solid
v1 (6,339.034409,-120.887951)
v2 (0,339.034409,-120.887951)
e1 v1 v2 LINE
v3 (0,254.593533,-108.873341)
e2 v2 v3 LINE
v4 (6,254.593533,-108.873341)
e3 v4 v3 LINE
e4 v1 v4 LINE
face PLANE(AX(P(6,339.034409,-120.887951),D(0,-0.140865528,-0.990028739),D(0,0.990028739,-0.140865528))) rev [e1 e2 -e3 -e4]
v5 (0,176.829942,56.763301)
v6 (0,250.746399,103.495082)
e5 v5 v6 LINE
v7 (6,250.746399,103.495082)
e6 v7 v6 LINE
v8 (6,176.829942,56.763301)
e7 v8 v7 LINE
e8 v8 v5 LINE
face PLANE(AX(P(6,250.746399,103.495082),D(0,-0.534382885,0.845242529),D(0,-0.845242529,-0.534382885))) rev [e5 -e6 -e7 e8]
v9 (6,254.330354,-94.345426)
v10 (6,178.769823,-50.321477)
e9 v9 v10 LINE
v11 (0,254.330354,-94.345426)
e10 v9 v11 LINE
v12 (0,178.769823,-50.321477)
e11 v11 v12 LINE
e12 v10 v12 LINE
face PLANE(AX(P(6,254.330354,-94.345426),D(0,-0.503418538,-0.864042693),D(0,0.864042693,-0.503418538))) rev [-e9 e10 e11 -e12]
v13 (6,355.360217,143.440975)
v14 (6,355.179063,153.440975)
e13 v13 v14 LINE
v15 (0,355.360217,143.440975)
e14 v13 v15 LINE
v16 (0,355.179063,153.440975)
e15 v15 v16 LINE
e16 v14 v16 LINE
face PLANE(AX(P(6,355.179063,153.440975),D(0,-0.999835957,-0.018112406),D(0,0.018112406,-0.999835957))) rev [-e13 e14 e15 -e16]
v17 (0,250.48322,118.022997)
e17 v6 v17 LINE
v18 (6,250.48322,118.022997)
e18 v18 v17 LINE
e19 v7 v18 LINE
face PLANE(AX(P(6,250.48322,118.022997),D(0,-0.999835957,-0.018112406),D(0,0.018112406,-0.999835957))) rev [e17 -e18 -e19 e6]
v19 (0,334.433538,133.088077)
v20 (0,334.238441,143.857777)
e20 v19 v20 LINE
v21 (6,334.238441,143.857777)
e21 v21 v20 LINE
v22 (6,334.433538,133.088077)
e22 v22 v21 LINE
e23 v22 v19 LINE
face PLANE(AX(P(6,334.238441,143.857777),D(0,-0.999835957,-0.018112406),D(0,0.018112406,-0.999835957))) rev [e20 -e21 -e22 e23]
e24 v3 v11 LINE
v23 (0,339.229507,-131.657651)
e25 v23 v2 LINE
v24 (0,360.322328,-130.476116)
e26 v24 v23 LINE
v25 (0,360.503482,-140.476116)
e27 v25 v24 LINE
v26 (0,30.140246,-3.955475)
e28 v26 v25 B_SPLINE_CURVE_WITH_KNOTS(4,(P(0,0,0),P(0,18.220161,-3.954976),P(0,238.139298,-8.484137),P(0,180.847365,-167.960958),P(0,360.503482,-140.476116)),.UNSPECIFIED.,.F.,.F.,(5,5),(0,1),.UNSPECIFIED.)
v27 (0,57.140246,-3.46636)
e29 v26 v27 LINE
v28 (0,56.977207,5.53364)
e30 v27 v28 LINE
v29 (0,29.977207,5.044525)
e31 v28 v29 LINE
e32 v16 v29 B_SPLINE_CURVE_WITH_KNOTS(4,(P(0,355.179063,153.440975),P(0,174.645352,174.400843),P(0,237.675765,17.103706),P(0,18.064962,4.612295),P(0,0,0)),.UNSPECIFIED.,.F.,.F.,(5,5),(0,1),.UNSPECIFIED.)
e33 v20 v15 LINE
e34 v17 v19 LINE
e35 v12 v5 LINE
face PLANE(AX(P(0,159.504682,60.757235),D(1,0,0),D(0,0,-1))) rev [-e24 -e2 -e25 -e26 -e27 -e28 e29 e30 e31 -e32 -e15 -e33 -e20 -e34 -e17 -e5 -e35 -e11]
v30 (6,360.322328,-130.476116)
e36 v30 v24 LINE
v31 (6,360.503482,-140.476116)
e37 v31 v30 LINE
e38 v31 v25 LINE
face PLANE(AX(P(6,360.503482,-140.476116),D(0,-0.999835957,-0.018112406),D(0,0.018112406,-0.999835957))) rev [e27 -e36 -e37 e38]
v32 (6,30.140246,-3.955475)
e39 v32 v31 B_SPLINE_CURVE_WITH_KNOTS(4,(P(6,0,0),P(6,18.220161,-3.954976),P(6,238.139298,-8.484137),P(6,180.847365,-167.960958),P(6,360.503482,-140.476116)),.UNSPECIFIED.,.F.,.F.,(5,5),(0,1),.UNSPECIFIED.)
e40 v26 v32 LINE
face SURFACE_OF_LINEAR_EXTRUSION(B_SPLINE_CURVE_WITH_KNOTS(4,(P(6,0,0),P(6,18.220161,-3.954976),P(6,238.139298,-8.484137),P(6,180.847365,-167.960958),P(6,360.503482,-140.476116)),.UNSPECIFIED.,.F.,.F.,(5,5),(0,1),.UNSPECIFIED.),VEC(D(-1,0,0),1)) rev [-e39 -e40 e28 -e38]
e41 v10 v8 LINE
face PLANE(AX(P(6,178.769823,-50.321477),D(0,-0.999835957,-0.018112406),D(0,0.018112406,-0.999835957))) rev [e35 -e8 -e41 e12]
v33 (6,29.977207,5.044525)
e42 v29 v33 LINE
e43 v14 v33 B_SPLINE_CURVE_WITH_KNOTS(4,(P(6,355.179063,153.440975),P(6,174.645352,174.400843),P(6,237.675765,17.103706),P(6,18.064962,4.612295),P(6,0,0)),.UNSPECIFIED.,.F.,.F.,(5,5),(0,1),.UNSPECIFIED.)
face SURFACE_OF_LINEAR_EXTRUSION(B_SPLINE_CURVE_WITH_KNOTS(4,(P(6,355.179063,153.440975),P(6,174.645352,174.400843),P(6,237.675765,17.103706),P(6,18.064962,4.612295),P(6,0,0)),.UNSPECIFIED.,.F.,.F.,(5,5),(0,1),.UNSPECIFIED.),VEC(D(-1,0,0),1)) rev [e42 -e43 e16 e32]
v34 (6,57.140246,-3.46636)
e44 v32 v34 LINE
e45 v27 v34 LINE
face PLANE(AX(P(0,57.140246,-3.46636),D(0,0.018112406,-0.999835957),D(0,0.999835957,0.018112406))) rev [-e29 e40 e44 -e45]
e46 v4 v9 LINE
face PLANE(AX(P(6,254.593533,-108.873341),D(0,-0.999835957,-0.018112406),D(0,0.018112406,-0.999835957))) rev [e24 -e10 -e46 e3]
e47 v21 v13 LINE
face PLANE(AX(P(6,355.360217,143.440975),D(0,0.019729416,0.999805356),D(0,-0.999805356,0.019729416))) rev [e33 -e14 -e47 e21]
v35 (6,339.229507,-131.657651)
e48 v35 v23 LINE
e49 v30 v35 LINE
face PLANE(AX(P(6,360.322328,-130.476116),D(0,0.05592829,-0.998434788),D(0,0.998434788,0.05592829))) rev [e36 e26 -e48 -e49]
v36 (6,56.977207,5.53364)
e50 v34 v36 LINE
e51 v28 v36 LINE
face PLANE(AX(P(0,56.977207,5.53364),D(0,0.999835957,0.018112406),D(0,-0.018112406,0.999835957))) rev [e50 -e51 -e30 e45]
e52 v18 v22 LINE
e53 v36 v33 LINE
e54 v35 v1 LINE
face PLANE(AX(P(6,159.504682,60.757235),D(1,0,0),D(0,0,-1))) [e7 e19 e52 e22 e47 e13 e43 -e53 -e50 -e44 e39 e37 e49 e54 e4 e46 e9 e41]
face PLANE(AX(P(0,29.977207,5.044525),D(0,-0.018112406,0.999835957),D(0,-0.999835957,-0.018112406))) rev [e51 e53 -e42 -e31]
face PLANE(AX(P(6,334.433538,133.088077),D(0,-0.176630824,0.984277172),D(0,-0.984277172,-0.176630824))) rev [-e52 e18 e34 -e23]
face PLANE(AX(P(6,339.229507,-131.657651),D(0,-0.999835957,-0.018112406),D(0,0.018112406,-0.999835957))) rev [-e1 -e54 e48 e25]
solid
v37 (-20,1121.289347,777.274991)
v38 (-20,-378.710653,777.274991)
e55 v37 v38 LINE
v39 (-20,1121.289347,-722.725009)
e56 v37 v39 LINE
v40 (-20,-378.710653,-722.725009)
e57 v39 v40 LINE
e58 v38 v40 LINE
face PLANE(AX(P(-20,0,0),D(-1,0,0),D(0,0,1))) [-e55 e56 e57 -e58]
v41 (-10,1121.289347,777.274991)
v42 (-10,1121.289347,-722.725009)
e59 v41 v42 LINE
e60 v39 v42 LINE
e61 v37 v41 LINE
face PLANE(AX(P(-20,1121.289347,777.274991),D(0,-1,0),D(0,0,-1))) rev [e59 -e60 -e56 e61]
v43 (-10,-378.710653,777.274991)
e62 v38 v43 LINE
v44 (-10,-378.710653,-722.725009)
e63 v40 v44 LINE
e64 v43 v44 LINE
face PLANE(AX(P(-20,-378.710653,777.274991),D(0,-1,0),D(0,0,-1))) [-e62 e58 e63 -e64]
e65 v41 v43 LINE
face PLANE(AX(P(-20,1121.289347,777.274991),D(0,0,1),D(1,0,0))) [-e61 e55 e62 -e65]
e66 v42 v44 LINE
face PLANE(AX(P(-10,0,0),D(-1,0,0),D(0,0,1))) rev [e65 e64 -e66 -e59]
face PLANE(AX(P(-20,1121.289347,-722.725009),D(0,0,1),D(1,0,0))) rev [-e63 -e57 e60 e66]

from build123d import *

# Parameters (mm, degrees)
BOSS_EXTRU_2_DEPTH      = 10
BOSS_EXTRU_3_DEPTH      = 6
ENL_V_MAT_EXTRU_1_DEPTH = 6


with BuildPart() as part:
    # Esquisse3D1 → Boss.-Extru.2 (new body)
    with BuildSketch(Plane(origin=(-20, 1121.289346724, 777.274991403), x_dir=(0, -0.7071067811865476, -0.7071067811865476), z_dir=(1, 0, 0))):
        Polygon((0, 0), (1060.66017178, 1060.66017178), (2121.32034356, 0), (1060.66017178, -1060.66017178), align=None)
    extrude(amount=BOSS_EXTRU_2_DEPTH)


with BuildPart() as body_2:
    # Esquisse5 → Boss.-Extru.3 (new body)
    with BuildSketch(Plane(origin=(0, 0, 0), x_dir=(0, 0, -1), z_dir=(1, 0, 0))):
        with BuildLine():
            Line((140.47611598, 360.503481807), (130.47611598, 360.322328034))
            Line((130.47611598, 360.322328034), (131.657650758, 339.229506667))
            Line((131.657650758, 339.229506667), (120.887950689, 339.034409488))
            Line((120.887950689, 339.034409488), (108.873341206, 254.593532728))
            Line((108.873341206, 254.593532728), (94.34542638, 254.33035407))
            Line((94.34542638, 254.33035407), (50.32147665, 178.769822999))
            Line((50.32147665, 178.769822999), (-56.763300542, 176.829941862))
            Line((-56.763300542, 176.829941862), (-103.495082298, 250.746398619))
            Line((-103.495082298, 250.746398619), (-118.022997124, 250.483219961))
            Line((-118.022997124, 250.483219961), (-133.088076626, 334.433537939))
            Line((-133.088076626, 334.433537939), (-143.857776696, 334.238440759))
            Line((-143.857776696, 334.238440759), (-143.440975271, 355.360216589))
            Line((-143.440975271, 355.360216589), (-153.440975271, 355.179062817))
            add(Edge.make_bspline(
                [(0, 0), (-4.612294832, 18.064961959), (-17.103706204, 237.675764763), (-174.400842663, 174.645351927), (-153.440975271, 355.179062817)],
                knots=[0, 0, 0, 0, 0, 1, 1, 1, 1, 1], degree=4))
            add(Edge.make_bspline(
                [(0, 0), (3.954976136, 18.220161304), (8.484136835, 238.139298193), (167.960957982, 180.847365104), (140.47611598, 360.503481807)],
                knots=[0, 0, 0, 0, 0, 1, 1, 1, 1, 1], degree=4))
        make_face()
    extrude(amount=BOSS_EXTRU_3_DEPTH)

    # Esquisse6 → Enlèv. mat.-Extru.1 (cut)
    with BuildSketch(Plane(origin=(6, 0, 0), x_dir=(0, 0, -1), z_dir=(1, 0, 0))):
        Polygon((-5.044525173, 29.977207473), (-5.533640359, 56.977207473), (3.466359641, 57.140245868), (3.955474827, 30.140245868), (117.063261114, -47.52702125), (-85.227699586, -65.220017949), align=None)
    extrude(amount=-ENL_V_MAT_EXTRU_1_DEPTH, mode=Mode.SUBTRACT)


solid = Compound([part.part, body_2.part])
